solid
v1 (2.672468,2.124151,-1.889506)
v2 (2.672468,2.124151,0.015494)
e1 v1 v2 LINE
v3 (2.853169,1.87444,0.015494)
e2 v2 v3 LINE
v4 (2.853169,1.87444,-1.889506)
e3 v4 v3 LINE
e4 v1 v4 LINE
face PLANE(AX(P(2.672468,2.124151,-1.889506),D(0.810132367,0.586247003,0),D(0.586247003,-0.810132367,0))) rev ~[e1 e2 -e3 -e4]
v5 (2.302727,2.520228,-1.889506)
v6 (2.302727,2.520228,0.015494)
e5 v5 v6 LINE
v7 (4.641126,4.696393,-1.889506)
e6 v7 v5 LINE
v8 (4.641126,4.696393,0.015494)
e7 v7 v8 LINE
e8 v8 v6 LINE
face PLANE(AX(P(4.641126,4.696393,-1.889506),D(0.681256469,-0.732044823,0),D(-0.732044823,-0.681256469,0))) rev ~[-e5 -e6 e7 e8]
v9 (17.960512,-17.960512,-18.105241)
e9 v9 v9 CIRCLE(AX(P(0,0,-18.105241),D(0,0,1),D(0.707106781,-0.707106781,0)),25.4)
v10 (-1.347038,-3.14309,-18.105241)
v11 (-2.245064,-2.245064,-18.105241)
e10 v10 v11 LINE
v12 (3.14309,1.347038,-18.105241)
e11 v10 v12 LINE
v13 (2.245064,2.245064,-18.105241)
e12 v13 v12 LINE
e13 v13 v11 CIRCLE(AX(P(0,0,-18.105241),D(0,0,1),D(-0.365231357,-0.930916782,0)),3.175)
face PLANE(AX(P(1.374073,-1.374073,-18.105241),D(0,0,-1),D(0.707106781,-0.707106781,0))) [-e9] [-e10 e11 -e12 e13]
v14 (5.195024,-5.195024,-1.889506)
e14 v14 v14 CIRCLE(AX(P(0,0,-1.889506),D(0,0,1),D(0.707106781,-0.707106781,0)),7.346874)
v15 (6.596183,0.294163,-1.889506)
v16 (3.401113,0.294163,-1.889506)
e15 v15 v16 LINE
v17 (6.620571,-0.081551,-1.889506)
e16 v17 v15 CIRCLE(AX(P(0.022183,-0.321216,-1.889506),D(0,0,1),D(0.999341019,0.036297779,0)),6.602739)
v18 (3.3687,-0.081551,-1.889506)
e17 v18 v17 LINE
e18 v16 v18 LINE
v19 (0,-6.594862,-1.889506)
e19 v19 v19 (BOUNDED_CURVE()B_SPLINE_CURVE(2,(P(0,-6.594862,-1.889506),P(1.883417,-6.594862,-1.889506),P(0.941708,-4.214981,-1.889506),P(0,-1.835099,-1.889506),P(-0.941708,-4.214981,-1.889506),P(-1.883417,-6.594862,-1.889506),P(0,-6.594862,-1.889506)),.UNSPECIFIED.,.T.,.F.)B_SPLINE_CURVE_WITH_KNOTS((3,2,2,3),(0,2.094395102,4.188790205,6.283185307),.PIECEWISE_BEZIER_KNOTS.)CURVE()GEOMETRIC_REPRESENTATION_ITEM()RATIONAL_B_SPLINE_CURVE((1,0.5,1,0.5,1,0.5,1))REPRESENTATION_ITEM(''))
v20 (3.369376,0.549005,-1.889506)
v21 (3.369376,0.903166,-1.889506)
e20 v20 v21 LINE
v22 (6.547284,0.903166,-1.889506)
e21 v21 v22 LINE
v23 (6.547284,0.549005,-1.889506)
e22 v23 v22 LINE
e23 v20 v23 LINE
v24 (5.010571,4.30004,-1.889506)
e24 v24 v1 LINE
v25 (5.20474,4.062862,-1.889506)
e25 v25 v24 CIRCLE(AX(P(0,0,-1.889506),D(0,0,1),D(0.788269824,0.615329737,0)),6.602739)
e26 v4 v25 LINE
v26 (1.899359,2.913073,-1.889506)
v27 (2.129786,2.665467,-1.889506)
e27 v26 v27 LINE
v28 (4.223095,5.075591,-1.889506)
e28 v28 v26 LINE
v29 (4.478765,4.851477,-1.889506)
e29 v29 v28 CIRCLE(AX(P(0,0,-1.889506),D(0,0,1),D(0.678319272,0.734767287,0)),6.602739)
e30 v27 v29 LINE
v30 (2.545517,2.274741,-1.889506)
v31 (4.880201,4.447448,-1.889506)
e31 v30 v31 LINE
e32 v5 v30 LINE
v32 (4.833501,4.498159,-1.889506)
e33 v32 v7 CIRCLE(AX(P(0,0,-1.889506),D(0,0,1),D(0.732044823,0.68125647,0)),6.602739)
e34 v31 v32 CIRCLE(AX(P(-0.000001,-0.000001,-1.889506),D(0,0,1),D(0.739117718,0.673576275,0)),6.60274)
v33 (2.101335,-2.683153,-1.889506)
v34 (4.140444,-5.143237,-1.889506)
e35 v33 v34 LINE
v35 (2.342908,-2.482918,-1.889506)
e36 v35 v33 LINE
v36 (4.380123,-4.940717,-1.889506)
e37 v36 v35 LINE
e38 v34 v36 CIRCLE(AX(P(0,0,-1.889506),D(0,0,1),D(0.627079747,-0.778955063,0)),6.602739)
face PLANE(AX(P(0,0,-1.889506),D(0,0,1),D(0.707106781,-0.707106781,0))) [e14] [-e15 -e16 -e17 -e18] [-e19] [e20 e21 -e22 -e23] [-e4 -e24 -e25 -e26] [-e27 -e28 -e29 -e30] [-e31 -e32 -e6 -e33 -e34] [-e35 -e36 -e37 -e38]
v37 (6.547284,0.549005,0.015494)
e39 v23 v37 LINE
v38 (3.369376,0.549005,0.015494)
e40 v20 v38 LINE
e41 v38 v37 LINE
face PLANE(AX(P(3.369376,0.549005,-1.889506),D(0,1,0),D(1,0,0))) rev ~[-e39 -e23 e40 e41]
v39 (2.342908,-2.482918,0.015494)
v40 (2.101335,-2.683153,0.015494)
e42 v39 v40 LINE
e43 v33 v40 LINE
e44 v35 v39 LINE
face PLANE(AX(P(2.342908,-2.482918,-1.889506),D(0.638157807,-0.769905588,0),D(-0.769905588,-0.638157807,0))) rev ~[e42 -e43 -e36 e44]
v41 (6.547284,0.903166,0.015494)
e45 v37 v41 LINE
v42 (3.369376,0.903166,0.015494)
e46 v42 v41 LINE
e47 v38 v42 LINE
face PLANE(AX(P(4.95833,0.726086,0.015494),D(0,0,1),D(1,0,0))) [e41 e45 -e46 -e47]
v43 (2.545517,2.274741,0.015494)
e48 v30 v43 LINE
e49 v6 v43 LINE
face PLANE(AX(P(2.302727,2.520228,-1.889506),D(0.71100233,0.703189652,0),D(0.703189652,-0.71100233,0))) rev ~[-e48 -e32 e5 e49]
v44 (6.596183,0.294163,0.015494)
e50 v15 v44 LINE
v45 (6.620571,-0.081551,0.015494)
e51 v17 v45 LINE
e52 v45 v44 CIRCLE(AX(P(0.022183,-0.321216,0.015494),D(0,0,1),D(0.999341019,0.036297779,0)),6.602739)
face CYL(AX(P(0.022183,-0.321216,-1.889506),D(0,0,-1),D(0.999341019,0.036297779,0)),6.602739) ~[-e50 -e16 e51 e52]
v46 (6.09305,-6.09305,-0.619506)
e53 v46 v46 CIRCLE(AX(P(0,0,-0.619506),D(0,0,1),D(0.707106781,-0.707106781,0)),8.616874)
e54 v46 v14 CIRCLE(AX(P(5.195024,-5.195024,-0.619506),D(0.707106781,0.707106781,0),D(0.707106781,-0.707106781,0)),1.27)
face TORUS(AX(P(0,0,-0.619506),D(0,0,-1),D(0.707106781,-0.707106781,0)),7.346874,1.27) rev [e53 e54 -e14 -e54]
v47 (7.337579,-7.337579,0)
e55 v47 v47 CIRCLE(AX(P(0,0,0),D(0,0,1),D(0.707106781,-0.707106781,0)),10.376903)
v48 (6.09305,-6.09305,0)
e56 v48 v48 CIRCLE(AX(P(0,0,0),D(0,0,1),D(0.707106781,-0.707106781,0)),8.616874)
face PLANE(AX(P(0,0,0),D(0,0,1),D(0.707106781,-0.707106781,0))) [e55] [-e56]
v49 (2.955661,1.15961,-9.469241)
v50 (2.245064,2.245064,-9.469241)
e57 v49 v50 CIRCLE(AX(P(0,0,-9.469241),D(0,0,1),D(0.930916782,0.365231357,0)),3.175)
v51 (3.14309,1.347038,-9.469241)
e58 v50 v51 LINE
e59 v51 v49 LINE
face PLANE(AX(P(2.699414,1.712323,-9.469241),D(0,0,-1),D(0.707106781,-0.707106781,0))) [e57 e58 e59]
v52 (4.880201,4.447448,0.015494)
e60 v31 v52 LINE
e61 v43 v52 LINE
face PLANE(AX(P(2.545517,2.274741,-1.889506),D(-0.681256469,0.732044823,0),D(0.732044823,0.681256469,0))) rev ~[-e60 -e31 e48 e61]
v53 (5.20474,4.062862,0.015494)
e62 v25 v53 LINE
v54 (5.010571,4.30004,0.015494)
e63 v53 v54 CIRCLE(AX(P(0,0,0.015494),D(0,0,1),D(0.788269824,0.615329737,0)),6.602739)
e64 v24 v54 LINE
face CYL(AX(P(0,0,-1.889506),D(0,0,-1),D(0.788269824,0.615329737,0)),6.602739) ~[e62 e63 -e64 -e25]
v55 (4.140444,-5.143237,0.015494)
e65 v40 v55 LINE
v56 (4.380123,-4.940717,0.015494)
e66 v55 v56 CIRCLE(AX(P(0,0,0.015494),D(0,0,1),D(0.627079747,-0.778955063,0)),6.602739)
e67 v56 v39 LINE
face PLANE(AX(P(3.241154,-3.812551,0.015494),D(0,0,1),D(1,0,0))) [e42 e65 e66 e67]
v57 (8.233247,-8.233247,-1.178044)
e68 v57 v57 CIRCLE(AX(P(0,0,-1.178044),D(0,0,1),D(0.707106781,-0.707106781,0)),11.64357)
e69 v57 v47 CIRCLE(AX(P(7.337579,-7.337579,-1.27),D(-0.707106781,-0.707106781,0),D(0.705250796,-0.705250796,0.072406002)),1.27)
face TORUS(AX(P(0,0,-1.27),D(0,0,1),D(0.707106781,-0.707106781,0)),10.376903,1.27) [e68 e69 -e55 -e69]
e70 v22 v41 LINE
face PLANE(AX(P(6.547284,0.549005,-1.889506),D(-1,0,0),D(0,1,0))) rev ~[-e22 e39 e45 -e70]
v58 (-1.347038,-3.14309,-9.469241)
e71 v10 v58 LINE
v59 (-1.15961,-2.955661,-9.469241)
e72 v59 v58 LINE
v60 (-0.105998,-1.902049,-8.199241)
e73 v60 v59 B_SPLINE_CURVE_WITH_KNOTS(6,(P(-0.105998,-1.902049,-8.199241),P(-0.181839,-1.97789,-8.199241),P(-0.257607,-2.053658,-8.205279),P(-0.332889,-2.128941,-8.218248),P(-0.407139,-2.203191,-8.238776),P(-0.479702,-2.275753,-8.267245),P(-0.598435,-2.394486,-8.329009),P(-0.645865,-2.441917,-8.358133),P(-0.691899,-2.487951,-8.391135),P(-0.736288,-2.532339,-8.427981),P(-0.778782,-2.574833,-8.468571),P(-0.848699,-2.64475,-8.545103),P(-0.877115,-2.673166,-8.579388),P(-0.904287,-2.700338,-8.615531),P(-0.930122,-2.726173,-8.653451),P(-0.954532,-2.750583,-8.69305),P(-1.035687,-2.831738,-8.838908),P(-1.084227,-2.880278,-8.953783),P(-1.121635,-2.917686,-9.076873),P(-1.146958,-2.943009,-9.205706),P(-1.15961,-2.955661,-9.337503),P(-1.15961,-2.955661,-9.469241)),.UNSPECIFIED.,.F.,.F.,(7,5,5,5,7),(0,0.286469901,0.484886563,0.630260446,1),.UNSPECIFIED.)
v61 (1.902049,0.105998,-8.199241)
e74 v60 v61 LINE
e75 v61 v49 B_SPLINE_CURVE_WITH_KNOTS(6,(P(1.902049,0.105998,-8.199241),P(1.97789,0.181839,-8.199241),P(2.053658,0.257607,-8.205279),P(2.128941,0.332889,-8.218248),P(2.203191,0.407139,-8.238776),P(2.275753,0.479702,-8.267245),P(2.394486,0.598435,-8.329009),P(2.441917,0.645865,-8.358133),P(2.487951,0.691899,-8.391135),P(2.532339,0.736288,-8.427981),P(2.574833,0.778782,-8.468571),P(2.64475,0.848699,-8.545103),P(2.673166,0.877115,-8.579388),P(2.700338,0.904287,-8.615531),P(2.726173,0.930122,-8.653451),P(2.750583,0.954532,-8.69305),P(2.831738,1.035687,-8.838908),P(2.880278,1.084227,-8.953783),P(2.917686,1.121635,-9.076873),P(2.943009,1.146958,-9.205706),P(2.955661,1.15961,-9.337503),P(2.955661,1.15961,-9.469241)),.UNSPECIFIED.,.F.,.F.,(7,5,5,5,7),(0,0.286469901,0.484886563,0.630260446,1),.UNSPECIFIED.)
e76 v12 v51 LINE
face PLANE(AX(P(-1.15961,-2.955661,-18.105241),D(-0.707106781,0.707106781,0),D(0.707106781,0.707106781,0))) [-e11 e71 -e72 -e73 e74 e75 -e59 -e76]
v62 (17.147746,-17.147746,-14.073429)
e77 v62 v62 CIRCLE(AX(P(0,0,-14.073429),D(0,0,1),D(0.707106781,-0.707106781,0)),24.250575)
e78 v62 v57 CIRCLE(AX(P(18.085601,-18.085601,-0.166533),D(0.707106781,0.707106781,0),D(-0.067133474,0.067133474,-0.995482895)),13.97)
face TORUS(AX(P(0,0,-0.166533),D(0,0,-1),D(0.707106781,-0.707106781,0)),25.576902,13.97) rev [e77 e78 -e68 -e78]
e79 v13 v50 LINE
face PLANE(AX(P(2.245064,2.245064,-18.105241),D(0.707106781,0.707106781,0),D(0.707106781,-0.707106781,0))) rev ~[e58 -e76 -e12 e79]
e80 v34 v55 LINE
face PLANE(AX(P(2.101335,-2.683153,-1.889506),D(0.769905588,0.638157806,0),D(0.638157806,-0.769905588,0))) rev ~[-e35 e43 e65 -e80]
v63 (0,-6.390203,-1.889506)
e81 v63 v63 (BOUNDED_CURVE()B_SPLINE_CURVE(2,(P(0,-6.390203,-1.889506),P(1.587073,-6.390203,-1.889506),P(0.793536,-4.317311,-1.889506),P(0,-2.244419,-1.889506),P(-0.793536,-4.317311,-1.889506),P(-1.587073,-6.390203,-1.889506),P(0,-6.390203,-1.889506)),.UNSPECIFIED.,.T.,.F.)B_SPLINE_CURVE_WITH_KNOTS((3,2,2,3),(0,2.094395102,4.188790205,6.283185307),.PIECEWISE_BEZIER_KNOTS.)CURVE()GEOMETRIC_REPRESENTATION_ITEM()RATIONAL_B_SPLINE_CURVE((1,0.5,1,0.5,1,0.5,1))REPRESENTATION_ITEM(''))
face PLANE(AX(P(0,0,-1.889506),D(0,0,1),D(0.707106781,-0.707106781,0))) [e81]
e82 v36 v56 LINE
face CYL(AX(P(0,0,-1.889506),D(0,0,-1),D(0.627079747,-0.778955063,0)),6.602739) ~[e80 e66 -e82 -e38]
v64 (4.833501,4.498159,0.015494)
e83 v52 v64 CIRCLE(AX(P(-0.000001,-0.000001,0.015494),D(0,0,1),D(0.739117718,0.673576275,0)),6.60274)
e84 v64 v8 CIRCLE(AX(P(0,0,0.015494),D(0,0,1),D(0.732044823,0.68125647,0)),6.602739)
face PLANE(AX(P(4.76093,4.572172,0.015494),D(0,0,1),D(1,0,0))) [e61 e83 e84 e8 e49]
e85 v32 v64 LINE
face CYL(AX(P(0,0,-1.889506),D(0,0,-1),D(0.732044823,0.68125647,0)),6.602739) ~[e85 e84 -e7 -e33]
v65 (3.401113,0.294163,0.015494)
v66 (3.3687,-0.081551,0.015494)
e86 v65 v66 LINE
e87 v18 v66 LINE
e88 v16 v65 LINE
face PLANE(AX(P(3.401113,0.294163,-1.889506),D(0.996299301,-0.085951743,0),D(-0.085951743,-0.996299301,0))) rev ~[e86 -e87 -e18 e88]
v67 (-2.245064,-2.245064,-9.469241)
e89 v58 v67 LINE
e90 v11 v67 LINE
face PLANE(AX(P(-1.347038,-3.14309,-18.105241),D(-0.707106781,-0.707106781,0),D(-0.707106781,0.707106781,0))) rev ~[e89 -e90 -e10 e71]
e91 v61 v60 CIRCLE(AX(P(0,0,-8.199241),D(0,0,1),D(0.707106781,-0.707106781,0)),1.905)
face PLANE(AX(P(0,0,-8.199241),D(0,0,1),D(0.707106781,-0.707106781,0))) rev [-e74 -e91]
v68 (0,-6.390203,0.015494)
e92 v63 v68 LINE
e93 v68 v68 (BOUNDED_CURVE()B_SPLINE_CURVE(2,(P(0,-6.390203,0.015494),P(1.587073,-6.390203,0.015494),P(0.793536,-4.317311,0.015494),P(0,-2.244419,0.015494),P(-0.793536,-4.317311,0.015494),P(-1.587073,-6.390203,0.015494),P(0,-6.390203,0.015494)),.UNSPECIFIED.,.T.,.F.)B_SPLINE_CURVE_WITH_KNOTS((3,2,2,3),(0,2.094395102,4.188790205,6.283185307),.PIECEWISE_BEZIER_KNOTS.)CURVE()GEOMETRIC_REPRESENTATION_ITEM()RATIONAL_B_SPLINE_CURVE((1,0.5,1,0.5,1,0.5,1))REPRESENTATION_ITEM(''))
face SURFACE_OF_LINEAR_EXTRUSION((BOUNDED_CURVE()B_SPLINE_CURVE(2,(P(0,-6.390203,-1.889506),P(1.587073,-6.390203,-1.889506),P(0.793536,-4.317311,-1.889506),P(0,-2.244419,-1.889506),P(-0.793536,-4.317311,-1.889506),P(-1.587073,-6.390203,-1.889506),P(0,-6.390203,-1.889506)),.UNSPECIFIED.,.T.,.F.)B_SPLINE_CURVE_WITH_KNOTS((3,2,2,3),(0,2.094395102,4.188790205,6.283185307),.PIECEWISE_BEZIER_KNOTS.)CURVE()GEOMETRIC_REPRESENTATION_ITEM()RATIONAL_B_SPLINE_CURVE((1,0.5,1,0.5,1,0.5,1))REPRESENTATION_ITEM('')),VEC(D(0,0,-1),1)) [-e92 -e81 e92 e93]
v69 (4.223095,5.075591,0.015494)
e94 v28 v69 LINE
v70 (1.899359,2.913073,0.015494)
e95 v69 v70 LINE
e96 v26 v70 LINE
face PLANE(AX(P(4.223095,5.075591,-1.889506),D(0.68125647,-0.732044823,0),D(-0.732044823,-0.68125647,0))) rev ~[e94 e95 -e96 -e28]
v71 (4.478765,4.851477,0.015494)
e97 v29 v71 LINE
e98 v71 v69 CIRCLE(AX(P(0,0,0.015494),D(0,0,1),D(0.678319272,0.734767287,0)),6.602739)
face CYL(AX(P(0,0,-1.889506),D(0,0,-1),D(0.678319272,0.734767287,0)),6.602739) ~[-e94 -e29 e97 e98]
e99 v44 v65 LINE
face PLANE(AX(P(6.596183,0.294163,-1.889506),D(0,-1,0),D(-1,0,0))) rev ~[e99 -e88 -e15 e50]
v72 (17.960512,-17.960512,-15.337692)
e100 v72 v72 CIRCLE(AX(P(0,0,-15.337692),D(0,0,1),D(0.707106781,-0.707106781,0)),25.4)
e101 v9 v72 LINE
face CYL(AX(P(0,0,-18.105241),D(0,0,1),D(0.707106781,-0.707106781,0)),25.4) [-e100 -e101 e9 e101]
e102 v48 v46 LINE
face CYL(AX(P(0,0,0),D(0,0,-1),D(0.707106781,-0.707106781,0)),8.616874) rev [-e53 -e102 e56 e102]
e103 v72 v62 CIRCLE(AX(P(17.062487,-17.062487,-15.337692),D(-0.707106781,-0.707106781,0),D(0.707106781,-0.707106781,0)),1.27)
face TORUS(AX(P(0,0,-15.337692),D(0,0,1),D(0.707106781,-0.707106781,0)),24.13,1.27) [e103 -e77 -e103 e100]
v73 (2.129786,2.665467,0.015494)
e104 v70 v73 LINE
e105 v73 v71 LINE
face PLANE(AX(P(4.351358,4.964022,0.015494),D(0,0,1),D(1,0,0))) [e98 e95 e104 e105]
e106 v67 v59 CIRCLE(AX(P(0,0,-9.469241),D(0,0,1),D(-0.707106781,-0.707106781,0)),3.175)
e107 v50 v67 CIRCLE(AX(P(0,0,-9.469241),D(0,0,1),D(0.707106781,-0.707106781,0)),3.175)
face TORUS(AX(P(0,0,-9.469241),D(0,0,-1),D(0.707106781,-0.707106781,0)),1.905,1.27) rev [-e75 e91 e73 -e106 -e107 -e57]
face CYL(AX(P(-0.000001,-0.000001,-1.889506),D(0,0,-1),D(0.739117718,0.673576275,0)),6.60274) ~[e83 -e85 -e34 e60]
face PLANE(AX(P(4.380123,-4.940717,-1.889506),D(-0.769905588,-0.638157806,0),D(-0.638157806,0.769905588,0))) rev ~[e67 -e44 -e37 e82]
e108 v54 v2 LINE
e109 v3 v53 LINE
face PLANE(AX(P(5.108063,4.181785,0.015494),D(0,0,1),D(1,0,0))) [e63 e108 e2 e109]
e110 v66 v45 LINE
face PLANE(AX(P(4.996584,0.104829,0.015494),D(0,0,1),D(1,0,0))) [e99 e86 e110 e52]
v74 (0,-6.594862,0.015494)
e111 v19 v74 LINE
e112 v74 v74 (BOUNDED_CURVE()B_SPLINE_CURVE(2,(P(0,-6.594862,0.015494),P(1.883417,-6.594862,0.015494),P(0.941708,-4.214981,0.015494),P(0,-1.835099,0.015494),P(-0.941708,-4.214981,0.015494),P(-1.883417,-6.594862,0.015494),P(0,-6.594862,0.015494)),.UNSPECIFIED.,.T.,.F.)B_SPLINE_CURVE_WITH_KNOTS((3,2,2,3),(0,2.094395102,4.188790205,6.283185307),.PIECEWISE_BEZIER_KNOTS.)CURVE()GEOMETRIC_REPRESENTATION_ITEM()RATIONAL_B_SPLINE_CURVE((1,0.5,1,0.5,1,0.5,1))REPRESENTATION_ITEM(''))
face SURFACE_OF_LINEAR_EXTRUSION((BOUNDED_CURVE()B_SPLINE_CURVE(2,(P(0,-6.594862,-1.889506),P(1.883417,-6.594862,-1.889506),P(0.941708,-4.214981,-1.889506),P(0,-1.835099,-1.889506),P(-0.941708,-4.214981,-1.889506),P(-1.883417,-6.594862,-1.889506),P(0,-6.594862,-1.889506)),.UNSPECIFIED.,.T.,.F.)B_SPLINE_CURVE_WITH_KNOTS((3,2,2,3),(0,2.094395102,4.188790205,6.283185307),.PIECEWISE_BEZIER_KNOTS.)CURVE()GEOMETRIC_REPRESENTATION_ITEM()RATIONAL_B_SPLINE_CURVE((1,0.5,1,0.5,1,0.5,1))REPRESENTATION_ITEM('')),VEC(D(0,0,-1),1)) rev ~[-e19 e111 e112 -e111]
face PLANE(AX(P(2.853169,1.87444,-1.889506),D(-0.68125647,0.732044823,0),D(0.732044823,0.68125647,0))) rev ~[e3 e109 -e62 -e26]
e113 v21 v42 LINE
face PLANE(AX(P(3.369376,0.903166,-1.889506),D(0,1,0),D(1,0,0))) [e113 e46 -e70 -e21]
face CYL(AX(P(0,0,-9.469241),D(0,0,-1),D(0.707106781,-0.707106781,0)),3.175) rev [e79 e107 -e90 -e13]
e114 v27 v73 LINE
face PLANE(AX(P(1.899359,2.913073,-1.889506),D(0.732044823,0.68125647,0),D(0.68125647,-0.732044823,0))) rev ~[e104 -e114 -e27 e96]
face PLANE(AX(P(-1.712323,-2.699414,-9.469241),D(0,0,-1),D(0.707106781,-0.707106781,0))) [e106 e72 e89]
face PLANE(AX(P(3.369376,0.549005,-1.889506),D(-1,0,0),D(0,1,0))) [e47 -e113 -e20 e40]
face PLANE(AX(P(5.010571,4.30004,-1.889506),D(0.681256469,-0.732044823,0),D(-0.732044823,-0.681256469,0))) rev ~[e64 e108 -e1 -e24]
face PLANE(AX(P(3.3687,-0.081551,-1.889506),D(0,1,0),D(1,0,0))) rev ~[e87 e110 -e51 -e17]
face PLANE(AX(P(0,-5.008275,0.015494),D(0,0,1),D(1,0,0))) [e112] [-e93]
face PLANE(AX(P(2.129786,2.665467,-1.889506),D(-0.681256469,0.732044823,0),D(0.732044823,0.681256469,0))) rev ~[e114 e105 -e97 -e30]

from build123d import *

# Parameters (mm, degrees)
F3_DEPTH = 8.636
F4_DEPTH = 8.636
F5_DEPTH = 9.906
F7_ANGLE = 315
F8_W     = 3.177907914
F8_H     = 0.3541615863
F9_DEPTH = 1.905


with BuildPart() as f1:
    # F0 (on Front) → F1 (revolve)
    with BuildSketch(Plane.XZ):
        with BuildLine():
            Line((10.3769032285, 0), (8.6168739945, 0))
            Line((8.6168739945, 0), (8.6168739945, -0.6195060057))
            ThreePointArc((8.6168739945, -0.6195060057), (8.2448996066, -1.5175316178), (7.3468739945, -1.8895060057))
            Line((7.3468739945, -1.8895060057), (0, -1.8895060057))
            Line((0, -1.8895060057), (0, -8.1992405387))
            Line((0, -8.1992405387), (1.905, -8.1992405387))
            ThreePointArc((1.905, -8.1992405387), (2.8030256121, -8.5712149266), (3.175, -9.4692405387))
            Line((3.175, -9.4692405387), (3.175, -18.1052405387))
            Line((3.175, -18.1052405387), (25.4, -18.1052405387))
            Line((25.4, -18.1052405387), (25.4, -15.3376918431))
            ThreePointArc((25.4, -15.3376918431), (25.0696888982, -14.4833589018), (24.2505751581, -14.073428567))
            ThreePointArc((24.2505751581, -14.073428567), (15.5875560519, -9.9324871468), (11.6435697842, -1.1780443775))
            ThreePointArc((11.6435697842, -1.1780443775), (11.2418067952, -0.3400312799), (10.3769032285, 0))
        make_face()
    revolve(axis=Axis((0, 0, -4.0996202694), (0, 0, 1)))

    # F2 (on face) → F3 (cut)
    with BuildSketch(Plane(origin=(0, 0, -18.1052405387), x_dir=(1, 0, 0), z_dir=(0, 0, -1))):
        with BuildLine():
            ThreePointArc((0, 3.175), (0.6486831187, 3.1080275436), (1.27, 2.9099355663))
            Line((1.27, 2.9099355663), (1.27, 3.175))
            Line((1.27, 3.175), (0, 3.175))
        make_face()
    extrude(amount=-F3_DEPTH, mode=Mode.SUBTRACT)

    # F2 (on face) → F4 (cut)
    with BuildSketch(Plane(origin=(0, 0, -18.1052405387), x_dir=(1, 0, 0), z_dir=(0, 0, -1))):
        with BuildLine():
            Line((1.27, -3.175), (1.27, -2.9099355663))
            ThreePointArc((1.27, -2.9099355663), (0.6486831187, -3.1080275436), (0, -3.175))
            Line((0, -3.175), (1.27, -3.175))
        make_face()
    extrude(amount=-F4_DEPTH, mode=Mode.SUBTRACT)

    # F2 (on face) → F5 (join)
    with BuildSketch(Plane(origin=(0, 0, -18.1052405387), x_dir=(1, 0, 0), z_dir=(0, 0, -1))):
        with BuildLine():
            ThreePointArc((3.175, 0), (2.6563955842, 1.7390191201), (1.27, 2.9099355663))
            Line((1.27, 2.9099355663), (1.27, -2.9099355663))
            ThreePointArc((1.27, -2.9099355663), (2.6563955842, -1.7390191201), (3.175, 0))
        make_face()
    extrude(amount=-F5_DEPTH)


with BuildPart() as f1_1:
    # F7: moved
    add(f1.part.rotate(Axis((0, 0, 11.1882397905), (0, 0, 1)), F7_ANGLE))

    # F8 (on face) → F9 (join)
    with BuildSketch(Plane.XY.offset(-1.8895060057)):
        with BuildLine():
            add(Edge.make_bspline(
                [(0, -6.5948624374), (1.883416561, -6.5948624374), (0.9417082805, -4.2149808153), (0, -1.8350991932), (-0.9417082805, -4.2149808153), (-1.883416561, -6.5948624374), (0, -6.5948624374)],
                knots=[0, 0, 0, 2.0943951024, 2.0943951024, 4.1887902048, 4.1887902048, 6.2831853072, 6.2831853072, 6.2831853072], degree=2, weights=[1, 0.5, 1, 0.5, 1, 0.5, 1]))
        make_face()
        with BuildLine():
            add(Edge.make_bspline(
                [(0, -6.3902027435), (1.587072914, -6.3902027435), (0.793536457, -4.3173106622), (0, -2.244418581), (-0.793536457, -4.3173106622), (-1.587072914, -6.3902027435), (0, -6.3902027435)],
                knots=[0, 0, 0, 2.0943951024, 2.0943951024, 4.1887902048, 4.1887902048, 6.2831853072, 6.2831853072, 6.2831853072], degree=2, weights=[1, 0.5, 1, 0.5, 1, 0.5, 1]))
        make_face(mode=Mode.SUBTRACT)
        with BuildLine():
            ThreePointArc((6.6205712655, -0.0815509193), (6.6110556981, 0.106479845), (6.5961830096, 0.2941628689))
            Line((6.5961830096, 0.2941628689), (3.4011129969, 0.2941628689))
            Line((3.4011129969, 0.2941628689), (3.3686997903, -0.0815509193))
            Line((3.3686997903, -0.0815509193), (6.6205712655, -0.0815509193))
        make_face()
        with BuildLine():
            ThreePointArc((4.880201378, 4.4474483246), (4.8569173169, 4.4728644364), (4.8335008903, 4.4981586492))
            Line((4.8335008903, 4.4981586492), (4.6411264654, 4.6963930013))
            Line((4.6411264654, 4.6963930013), (4.880201378, 4.4474483246))
        make_face()
        with BuildLine():
            Line((4.6411264654, 4.6963930013), (4.8335008903, 4.4981586492))
            ThreePointArc((4.8335008903, 4.4981586492), (4.7383504616, 4.598281961), (4.6411264654, 4.6963930013))
        make_face()
        with BuildLine():
            Line((4.880201378, 4.4474483246), (4.6411264654, 4.6963930013))
            Line((4.6411264654, 4.6963930013), (2.3027266508, 2.5202284386))
            ThreePointArc((2.3027266508, 2.5202284386), (2.4272271455, 2.4005561429), (2.5455165772, 2.2747410328))
            Line((2.5455165772, 2.2747410328), (4.880201378, 4.4474483246))
        make_face()
        with BuildLine():
            ThreePointArc((2.5455165772, 2.2747410328), (2.4272271455, 2.4005561429), (2.3027266508, 2.5202284386))
            Line((2.3027266508, 2.5202284386), (2.5455165772, 2.2747410328))
        make_face()
        with BuildLine():
            ThreePointArc((5.2047398977, 4.0628616377), (5.1090319245, 4.1825775407), (5.0105709352, 4.3000396502))
            Line((5.0105709352, 4.3000396502), (5.2047398977, 4.0628616377))
        make_face()
        with BuildLine():
            Line((5.2047398977, 4.0628616377), (5.0105709352, 4.3000396502))
            Line((5.0105709352, 4.3000396502), (2.6724676944, 2.1241510854))
            ThreePointArc((2.6724676944, 2.1241510854), (2.7656382948, 2.001336112), (2.8531693872, 1.8744401454))
            Line((2.8531693872, 1.8744401454), (5.2047398977, 4.0628616377))
        make_face()
        with BuildLine():
            ThreePointArc((2.8531693872, 1.8744401454), (2.7656382948, 2.001336112), (2.6724676944, 2.1241510854))
            Line((2.6724676944, 2.1241510854), (2.8531693872, 1.8744401454))
        make_face()
        Polygon((2.1013346007, -2.683153232), (4.1404438924, -5.1432369636), (4.3801230663, -4.9407169534), (2.3429079237, -2.4829184183), align=None)
        with BuildLine():
            Line((4.3801230663, -4.9407169534), (4.1404438924, -5.1432369636))
            ThreePointArc((4.1404438924, -5.1432369636), (4.2614867022, -5.0434009534), (4.3801230663, -4.9407169534))
        make_face()
        with BuildLine():
            ThreePointArc((4.4787651009, 4.8514766063), (4.3523729872, 4.9651799031), (4.2230953349, 5.0755913825))
            Line((4.2230953349, 5.0755913825), (4.4787651009, 4.8514766063))
        make_face()
        Polygon((4.4787651009, 4.8514766063), (4.2230953349, 5.0755913825), (1.8993587024, 2.9130726886), (2.1297860348, 2.6654667674), align=None)
        with Locations((4.9583300171, 0.7260856899)):
            Rectangle(F8_W, F8_H)
    extrude(amount=F9_DEPTH)


solid = f1_1.part
